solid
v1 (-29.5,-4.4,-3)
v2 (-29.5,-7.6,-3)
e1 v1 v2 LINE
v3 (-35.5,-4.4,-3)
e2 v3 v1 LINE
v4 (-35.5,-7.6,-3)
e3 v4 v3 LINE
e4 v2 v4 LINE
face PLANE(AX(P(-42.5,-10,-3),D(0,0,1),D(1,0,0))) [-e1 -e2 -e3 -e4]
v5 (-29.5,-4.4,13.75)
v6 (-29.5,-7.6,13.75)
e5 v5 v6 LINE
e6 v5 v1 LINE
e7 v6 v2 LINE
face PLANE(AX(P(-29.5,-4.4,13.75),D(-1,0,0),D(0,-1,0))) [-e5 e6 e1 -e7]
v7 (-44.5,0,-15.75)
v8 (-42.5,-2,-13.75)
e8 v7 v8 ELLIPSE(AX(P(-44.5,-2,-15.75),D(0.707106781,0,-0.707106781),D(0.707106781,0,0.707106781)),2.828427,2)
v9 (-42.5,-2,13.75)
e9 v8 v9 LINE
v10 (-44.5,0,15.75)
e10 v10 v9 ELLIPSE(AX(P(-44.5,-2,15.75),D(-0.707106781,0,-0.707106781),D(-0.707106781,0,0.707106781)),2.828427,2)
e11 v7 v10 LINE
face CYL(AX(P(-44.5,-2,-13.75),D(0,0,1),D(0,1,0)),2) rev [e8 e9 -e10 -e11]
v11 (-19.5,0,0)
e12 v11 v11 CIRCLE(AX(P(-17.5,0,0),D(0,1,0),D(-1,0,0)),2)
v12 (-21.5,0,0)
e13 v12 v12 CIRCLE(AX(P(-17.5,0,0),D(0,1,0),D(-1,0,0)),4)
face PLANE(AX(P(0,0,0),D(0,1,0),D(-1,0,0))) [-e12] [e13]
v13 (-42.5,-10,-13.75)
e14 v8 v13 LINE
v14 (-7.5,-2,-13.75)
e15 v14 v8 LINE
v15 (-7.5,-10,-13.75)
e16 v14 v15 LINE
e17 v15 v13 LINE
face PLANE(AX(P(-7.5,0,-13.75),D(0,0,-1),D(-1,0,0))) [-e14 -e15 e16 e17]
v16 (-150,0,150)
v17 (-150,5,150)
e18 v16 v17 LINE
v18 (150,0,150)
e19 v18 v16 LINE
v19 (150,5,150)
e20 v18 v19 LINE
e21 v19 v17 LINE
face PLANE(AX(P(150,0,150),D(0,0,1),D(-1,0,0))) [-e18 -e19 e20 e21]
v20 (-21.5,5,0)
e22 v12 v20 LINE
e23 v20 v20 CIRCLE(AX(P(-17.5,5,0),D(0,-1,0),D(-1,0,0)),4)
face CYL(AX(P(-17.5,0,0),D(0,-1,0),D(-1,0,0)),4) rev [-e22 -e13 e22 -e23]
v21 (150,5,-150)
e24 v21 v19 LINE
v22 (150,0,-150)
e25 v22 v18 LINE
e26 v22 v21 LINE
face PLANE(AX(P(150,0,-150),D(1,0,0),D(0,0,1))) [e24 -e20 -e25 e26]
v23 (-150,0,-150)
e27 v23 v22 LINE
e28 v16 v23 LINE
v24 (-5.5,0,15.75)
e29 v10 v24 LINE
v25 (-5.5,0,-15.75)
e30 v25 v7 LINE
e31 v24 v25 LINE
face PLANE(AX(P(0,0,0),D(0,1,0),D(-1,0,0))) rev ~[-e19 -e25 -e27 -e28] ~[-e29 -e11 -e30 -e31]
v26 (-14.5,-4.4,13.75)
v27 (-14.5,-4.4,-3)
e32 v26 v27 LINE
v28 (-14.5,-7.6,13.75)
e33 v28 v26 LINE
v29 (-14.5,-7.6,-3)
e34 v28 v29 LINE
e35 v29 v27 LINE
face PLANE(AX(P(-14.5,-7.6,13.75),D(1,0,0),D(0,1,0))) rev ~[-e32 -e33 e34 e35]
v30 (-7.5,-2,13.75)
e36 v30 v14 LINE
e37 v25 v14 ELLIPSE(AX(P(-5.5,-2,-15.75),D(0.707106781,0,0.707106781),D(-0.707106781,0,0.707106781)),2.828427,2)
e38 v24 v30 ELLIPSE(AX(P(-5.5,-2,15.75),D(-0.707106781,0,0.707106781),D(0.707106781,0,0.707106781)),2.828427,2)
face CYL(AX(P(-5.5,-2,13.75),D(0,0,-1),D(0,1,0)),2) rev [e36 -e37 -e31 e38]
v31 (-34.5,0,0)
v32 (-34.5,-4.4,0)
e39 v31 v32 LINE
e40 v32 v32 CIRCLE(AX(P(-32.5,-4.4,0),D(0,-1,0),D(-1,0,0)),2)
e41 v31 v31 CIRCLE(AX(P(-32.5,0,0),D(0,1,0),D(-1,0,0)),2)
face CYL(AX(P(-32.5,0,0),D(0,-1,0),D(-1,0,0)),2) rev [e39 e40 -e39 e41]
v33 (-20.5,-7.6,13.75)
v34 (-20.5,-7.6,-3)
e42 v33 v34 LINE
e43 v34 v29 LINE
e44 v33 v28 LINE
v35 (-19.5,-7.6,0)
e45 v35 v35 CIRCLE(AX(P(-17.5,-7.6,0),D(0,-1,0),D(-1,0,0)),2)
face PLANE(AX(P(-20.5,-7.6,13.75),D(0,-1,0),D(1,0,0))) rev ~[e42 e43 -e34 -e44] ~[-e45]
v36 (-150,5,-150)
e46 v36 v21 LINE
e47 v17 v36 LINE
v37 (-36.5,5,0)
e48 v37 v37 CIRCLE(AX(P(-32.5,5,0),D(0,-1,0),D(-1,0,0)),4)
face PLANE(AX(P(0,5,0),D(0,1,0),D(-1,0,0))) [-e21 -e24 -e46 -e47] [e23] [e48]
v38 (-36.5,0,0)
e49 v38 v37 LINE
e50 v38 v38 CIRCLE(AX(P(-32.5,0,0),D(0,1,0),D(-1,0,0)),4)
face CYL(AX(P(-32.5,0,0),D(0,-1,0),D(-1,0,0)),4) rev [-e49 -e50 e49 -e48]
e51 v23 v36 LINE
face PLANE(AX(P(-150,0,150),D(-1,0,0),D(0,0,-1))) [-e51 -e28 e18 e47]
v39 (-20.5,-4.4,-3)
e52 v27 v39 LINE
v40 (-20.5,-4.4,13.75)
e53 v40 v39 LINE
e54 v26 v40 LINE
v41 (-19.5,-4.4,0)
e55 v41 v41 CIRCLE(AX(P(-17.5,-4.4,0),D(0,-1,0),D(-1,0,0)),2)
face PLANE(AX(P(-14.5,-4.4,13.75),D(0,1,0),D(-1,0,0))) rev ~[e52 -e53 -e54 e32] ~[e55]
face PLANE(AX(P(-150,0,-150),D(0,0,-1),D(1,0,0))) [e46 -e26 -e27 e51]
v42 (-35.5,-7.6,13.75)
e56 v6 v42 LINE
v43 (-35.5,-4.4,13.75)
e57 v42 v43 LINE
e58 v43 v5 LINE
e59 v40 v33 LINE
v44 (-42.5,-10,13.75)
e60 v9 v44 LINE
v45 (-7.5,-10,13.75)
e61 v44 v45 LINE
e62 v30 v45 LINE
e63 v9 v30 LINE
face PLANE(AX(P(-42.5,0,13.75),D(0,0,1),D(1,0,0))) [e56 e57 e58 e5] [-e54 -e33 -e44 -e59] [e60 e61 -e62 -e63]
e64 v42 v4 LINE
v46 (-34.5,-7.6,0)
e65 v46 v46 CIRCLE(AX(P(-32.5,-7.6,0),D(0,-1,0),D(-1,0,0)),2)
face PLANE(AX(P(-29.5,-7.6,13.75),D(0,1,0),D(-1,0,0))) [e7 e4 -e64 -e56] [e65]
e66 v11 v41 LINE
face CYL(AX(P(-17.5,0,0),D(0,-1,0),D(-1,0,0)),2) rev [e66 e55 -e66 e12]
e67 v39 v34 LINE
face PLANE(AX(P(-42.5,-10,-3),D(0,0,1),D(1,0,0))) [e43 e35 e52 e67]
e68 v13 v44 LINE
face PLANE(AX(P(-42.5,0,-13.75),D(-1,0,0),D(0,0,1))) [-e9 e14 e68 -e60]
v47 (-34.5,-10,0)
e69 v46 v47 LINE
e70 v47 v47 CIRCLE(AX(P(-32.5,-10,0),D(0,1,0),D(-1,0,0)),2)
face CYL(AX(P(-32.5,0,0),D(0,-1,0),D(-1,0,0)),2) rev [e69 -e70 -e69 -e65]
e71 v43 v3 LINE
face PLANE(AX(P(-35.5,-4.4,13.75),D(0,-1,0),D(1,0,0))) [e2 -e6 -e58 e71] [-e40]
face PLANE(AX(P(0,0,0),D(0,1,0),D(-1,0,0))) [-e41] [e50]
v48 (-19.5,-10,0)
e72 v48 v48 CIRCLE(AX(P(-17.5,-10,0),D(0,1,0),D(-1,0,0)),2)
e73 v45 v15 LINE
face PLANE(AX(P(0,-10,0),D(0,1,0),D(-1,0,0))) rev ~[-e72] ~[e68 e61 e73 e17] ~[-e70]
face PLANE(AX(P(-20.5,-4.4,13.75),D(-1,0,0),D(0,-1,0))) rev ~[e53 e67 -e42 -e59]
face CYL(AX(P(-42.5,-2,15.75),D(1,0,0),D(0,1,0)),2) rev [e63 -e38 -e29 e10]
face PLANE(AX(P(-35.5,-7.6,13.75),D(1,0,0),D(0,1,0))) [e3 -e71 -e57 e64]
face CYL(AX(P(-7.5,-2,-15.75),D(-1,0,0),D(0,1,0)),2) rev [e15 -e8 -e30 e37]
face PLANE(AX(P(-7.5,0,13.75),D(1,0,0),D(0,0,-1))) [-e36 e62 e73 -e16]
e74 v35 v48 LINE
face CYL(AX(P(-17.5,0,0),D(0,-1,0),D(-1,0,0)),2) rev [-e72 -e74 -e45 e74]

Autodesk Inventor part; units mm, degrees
ref_plane "YZ Plane" through (0, 0, 0) normal (1, 0, 0) x (0, 1, 0)
ref_plane "XZ Plane" through (0, 0, 0) normal (0, 1, 0) x (-1, 0, 0)
ref_plane "XY Plane" through (0, 0, 0) normal (0, 0, 1) x (1, 0, 0)
sketch "Sketch1" plane through (0, 0, 0) normal (0, 1, 0) x (-1, 0, 0)
  line L0 (-150, 150) -> (150, 150)
  line L1 (150, 150) -> (150, -150)
  line L2 (150, -150) -> (-150, -150)
  line L3 (-150, -150) -> (-150, 150)
  line L4 (-150, 150) -> (150, -150) construction
  line L5 (150, 150) -> (-150, -150) construction
  line L6 (150, 0) -> (-150, 0) construction
  line L7 (0, 150) -> (0, -150) construction
  line L8 (37.5, 6.35) -> (-37.5, 6.35) construction
  line L9 (-37.5, 6.35) -> (-37.5, -6.35) construction
  line L10 (-37.5, -6.35) -> (37.5, -6.35) construction
  line L11 (37.5, -6.35) -> (37.5, 6.35) construction
  line L12 (37.5, 6.35) -> (-37.5, -6.35) construction
  line L13 (-37.5, 6.35) -> (37.5, -6.35) construction
  circle A0 centre (32.5, 0) radius 2
  circle A1 centre (17.5, 0) radius 2
  circle A2 centre (-32.5, 0) radius 2 construction
  circle A3 centre (-17.5, 0) radius 2 construction
  line L14 (30.5, 0) -> (19.5, 0) construction
  line L15 (42.5, 13.75) -> (7.5, 13.75)
  line L16 (7.5, 13.75) -> (7.5, -13.75)
  line L17 (7.5, -13.75) -> (42.5, -13.75)
  line L18 (42.5, -13.75) -> (42.5, 13.75)
  line L19 (42.5, 13.75) -> (7.5, -13.75) construction
  line L20 (7.5, 13.75) -> (42.5, -13.75) construction
  circle A4 centre (32.5, 0) radius 4
  circle A5 centre (17.5, 0) radius 4
  point P0 (0, 0)
  point P1 (37.5, 0)
  point P2 (25, 0)
  dimension "d4" = 4
  dimension "d7" = 4
  dimension "d0" = 300
  dimension "d1" = 300
  dimension "d2" = 75
  dimension "d3" = 12.7
  dimension "d5" = 5
  dimension "d8" = 15
  dimension "d9" = 35
  dimension "d10" = 27.5
  dimension "d15" = 8
  dimension "d16" = 8
extrude "Extrusion1" add sketch "Sketch1" along normal blind 5 contours L0 L1 L2 L3 | L18 L17 L16 L15 | A4 | A5
extrude "Extrusion2" add sketch "Sketch1" against normal blind 10 contours L18 L17 L16 L15 | A4 | A5
extrude "Extrusion3" cut sketch "Sketch1" along normal blind 10 contours A4 | A5
fillet "Fillet1" radius 2 4 edges at (-42.5, 0, 0) (-25, 0, 13.75) (-25, 0, -13.75) (-7.5, 0, 0)
sketch "Sketch2" plane through (-42.5, -10, 13.75) normal (0, 0, 1) x (1, 0, 0)
  line L0 (0, 8) -> (35, 8) projected
  line L1 (0, 8) -> (0, 0) projected
  line L2 (35, 0) -> (0, 0) projected
  line L3 (35, 8) -> (35, 0) projected
  line L4 (10, 8) -> (10, 0) construction
  line L5 (7, 5.6) -> (13, 5.6)
  line L6 (13, 5.6) -> (13, 2.4)
  line L7 (13, 2.4) -> (7, 2.4)
  line L8 (7, 2.4) -> (7, 5.6)
  line L9 (7, 5.6) -> (13, 2.4) construction
  line L10 (13, 5.6) -> (7, 2.4) construction
  line L11 (0, 4) -> (10, 4) construction
  line L12 (35, 0) -> (0, 0) projected
  line L13 (17.5, 0) -> (17.5, 8) construction
  line L14 (28, 5.6) -> (22, 5.6)
  line L15 (22, 5.6) -> (22, 2.4)
  line L16 (22, 2.4) -> (28, 2.4)
  line L17 (28, 2.4) -> (28, 5.6)
  line L18 (28, 5.6) -> (22, 2.4) construction
  line L19 (22, 5.6) -> (28, 2.4) construction
  point P0 (42.5, 10)
  point P1 (25, 4)
  dimension "d20" = 10
  dimension "d21" = 6
  dimension "d22" = 3.2
extrude "Extrusion4" cut sketch "Sketch2" against normal blind 16.75 contours L5 L6 L7 L8 | L17 L16 L15 L14
properties part number "PlataformaLoadCell" material "PC/ABS Plastic"
